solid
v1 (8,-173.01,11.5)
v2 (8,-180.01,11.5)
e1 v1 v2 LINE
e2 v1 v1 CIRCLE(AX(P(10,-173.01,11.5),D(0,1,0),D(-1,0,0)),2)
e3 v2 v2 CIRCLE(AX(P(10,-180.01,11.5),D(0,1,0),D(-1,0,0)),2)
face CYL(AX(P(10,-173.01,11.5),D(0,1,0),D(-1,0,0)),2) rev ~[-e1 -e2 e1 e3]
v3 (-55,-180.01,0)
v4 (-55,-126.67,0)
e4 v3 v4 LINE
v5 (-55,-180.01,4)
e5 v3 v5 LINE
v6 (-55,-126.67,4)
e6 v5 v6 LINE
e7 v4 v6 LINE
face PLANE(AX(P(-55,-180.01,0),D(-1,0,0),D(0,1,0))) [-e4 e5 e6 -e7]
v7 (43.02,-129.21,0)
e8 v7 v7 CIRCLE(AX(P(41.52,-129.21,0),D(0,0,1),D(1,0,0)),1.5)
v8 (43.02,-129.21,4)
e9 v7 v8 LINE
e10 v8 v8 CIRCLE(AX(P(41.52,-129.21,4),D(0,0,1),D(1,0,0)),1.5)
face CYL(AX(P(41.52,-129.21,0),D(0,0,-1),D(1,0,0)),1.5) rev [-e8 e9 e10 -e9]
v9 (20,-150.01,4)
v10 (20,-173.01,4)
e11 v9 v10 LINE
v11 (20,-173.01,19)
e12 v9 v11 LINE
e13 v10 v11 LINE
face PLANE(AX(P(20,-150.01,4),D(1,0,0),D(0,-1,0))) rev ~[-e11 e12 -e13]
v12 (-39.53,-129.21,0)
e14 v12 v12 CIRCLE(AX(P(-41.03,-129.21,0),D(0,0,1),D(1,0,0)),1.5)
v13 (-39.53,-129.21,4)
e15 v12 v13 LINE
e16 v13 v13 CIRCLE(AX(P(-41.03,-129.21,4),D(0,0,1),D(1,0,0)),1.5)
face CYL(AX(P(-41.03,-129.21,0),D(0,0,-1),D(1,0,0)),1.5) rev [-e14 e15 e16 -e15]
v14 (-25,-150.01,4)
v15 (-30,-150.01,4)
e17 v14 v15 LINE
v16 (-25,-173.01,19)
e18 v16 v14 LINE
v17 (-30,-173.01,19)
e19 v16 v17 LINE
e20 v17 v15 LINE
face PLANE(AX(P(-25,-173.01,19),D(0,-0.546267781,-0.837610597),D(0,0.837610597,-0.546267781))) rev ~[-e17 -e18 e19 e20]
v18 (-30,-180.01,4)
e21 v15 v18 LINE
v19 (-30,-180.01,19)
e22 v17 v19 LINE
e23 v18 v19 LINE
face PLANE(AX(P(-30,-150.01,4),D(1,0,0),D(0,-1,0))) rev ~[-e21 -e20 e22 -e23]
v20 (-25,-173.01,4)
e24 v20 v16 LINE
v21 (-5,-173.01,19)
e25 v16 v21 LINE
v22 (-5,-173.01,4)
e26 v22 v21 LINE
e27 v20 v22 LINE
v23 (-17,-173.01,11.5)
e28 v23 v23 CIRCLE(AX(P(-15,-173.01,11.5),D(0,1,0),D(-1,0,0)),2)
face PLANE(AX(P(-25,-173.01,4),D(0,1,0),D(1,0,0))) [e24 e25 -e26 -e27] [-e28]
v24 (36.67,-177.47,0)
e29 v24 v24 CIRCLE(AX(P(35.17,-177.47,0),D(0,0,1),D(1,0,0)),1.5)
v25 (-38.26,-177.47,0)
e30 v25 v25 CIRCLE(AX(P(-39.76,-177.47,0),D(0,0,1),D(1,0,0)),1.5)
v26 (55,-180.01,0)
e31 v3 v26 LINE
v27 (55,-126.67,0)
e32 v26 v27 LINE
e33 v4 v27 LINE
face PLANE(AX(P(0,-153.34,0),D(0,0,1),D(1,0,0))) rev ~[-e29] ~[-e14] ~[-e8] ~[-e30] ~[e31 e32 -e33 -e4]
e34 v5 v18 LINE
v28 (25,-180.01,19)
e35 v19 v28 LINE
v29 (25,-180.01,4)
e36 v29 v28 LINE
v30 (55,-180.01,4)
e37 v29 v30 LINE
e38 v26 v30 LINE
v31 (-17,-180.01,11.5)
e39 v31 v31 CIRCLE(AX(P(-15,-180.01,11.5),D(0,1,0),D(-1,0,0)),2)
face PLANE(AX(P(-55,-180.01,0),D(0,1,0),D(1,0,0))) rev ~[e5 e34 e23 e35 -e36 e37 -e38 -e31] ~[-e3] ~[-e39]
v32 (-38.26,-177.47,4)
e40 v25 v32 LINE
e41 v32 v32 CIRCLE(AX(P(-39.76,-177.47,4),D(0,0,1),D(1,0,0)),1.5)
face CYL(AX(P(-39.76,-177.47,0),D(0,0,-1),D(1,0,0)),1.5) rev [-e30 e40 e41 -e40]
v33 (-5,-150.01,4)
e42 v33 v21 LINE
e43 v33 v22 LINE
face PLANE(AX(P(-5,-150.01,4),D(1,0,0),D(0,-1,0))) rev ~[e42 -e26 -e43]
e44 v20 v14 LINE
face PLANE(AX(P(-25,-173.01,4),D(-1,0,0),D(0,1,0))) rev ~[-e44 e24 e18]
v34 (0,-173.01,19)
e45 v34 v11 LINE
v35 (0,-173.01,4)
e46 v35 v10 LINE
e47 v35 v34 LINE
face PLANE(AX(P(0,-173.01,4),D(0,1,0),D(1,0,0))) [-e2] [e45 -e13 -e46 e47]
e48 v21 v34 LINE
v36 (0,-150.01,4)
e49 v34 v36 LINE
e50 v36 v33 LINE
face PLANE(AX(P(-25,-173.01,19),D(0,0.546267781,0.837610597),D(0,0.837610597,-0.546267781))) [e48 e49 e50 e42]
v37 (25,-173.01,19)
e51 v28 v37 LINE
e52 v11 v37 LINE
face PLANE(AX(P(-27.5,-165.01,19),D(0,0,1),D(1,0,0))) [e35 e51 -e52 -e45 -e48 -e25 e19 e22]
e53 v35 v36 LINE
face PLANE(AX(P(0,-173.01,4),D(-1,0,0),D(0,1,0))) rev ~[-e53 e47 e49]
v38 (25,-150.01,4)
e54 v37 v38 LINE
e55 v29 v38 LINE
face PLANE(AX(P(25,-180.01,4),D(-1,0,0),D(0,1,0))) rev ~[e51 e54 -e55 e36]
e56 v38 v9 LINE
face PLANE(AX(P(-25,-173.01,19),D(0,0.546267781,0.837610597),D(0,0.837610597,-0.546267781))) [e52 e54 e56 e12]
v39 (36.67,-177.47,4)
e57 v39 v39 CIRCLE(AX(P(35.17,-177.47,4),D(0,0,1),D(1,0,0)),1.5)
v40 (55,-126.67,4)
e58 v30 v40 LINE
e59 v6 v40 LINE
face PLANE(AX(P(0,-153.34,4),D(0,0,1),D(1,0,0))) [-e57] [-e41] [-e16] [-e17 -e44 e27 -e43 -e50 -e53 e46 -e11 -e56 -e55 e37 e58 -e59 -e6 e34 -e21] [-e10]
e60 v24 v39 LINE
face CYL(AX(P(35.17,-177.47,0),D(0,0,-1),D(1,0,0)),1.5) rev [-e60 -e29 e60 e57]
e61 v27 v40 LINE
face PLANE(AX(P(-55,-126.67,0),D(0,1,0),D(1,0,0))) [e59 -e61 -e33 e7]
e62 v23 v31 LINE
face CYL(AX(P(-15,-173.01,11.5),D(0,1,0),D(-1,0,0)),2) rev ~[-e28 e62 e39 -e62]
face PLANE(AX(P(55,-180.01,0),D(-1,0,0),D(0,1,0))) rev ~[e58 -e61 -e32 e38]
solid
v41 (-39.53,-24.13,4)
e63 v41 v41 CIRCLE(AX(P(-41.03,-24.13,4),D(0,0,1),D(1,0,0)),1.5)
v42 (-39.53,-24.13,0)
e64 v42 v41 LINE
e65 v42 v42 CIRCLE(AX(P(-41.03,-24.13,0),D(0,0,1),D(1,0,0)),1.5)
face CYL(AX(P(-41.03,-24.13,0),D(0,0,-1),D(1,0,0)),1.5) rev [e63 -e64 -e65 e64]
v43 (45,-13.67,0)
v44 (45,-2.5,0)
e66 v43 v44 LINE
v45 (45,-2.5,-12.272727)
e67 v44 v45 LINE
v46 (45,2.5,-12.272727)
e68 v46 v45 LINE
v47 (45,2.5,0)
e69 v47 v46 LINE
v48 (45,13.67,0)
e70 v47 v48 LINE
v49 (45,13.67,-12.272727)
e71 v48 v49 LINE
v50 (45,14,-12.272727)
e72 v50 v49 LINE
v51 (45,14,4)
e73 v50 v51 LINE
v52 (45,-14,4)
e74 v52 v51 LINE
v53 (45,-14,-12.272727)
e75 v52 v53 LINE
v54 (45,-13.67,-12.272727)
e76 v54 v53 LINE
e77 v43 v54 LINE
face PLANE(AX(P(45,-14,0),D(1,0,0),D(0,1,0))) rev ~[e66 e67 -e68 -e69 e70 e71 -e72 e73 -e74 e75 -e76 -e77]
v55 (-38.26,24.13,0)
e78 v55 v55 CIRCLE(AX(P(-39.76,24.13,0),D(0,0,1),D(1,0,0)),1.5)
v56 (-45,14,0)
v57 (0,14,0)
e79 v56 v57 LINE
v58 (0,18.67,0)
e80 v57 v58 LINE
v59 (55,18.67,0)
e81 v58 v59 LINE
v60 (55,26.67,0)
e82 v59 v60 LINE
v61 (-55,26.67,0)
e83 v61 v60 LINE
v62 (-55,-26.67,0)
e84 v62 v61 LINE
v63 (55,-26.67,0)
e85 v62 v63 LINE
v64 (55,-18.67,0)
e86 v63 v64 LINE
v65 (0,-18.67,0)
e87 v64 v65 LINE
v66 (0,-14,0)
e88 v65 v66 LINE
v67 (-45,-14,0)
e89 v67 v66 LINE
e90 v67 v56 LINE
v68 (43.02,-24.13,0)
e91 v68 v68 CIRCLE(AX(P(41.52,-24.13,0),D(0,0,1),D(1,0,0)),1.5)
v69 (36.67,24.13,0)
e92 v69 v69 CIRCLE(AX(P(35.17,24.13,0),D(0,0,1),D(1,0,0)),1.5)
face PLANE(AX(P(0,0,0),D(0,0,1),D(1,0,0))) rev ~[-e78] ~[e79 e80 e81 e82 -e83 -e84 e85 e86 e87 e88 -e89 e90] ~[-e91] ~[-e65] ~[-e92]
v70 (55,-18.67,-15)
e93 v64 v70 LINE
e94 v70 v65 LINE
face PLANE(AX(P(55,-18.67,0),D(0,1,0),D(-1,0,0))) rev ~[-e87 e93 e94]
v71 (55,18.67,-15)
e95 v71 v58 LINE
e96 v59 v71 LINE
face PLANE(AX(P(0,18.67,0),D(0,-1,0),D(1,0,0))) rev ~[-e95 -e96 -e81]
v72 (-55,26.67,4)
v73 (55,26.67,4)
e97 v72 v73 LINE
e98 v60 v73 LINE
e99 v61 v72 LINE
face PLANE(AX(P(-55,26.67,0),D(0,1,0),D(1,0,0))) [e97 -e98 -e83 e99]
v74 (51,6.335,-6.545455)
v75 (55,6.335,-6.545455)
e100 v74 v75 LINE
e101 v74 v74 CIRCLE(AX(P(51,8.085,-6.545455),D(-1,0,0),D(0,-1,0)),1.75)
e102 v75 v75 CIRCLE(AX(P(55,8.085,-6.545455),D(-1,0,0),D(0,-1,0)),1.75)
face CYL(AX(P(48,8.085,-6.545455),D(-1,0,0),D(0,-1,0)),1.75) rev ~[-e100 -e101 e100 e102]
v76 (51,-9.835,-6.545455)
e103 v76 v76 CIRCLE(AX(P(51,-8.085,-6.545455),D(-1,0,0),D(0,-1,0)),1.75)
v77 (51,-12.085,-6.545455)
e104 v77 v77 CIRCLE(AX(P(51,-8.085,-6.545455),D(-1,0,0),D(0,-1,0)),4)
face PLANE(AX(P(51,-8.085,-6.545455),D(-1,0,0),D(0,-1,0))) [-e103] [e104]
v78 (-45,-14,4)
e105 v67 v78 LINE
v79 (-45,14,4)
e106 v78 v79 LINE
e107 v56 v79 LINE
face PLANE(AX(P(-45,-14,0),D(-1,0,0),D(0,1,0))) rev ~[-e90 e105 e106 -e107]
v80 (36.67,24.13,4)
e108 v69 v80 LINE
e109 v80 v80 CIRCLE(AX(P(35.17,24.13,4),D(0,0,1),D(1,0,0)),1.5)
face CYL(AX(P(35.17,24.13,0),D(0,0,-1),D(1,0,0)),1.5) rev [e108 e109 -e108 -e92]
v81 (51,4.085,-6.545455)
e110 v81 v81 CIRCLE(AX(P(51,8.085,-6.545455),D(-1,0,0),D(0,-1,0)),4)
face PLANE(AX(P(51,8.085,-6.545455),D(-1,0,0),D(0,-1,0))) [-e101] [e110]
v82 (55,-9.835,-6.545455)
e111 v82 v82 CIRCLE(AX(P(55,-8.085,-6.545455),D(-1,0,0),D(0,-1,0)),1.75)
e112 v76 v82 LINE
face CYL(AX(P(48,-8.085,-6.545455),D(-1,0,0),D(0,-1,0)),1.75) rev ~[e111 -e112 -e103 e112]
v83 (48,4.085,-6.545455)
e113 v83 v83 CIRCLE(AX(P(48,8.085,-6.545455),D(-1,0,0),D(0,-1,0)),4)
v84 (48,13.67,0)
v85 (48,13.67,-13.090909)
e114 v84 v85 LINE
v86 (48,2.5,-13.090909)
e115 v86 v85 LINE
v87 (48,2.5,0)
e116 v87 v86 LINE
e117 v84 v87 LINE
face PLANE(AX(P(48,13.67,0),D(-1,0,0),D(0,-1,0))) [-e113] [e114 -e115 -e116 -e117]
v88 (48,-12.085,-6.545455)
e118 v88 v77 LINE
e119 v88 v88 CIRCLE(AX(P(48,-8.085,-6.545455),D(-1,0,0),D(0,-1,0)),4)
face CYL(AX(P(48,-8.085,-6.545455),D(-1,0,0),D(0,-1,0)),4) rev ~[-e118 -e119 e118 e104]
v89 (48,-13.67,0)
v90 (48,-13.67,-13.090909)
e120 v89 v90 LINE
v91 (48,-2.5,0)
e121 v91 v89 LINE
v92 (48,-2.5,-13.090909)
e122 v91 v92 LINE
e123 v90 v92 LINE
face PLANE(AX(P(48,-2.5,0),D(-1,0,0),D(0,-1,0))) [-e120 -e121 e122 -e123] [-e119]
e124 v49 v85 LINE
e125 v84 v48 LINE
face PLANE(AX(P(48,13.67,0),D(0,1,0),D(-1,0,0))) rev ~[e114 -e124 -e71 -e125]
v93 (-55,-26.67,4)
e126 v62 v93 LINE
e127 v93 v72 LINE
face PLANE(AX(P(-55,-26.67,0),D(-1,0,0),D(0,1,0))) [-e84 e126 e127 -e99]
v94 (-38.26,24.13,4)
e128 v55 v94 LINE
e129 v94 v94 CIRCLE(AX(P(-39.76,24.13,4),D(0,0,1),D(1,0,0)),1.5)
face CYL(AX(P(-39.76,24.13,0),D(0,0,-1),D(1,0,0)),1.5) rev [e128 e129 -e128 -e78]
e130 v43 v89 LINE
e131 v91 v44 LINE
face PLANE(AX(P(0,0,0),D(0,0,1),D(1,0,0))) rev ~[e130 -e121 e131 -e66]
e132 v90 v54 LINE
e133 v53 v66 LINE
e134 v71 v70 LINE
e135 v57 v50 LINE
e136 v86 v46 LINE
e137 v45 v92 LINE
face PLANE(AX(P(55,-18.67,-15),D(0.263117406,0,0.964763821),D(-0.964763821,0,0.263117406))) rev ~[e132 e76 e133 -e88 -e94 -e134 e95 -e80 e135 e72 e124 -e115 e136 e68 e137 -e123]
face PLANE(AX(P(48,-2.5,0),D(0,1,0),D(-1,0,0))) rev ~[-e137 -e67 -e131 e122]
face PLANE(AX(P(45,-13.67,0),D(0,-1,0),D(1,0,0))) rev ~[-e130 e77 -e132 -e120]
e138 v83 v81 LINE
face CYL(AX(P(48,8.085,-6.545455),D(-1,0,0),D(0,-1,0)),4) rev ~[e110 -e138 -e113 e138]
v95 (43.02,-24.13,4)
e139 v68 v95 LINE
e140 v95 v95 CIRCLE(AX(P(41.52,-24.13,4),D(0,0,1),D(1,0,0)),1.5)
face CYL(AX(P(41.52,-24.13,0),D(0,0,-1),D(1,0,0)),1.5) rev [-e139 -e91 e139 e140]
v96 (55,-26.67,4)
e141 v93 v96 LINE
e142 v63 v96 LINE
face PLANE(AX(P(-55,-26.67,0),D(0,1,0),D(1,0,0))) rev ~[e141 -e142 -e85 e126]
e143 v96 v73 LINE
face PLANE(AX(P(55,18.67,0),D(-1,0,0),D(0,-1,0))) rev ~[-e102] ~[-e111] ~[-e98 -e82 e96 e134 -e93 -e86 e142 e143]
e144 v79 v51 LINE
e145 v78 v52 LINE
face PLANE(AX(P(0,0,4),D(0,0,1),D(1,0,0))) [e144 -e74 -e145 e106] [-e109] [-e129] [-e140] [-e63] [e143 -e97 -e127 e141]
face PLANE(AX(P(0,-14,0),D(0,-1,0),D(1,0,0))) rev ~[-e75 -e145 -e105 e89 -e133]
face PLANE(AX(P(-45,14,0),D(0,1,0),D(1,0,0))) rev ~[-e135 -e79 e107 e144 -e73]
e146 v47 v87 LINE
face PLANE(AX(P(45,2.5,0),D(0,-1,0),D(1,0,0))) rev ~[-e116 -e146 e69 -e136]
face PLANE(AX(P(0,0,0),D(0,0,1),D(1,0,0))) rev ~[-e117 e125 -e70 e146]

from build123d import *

# Parameters (mm, degrees)
F0_W           = 110
F0_H           = 53.34
F0_R           = 1.5
F0_W_2         = 90
F0_H_2         = 28
F1_DEPTH       = 4
F2_W           = 7
F2_H           = 11.17
F3_DEPTH       = 15
F5_DEPTH       = 60
F6_R           = 1.75
F7_DEPTH       = 8
F8_W           = 20
F8_H           = 7
F9_DEPTH       = 15
F11_DEPTH      = 50
F11_DEPTH_BACK = 25
F12_R          = 2
F13_DEPTH      = 25
F14_R          = 4
F15_DEPTH      = 3


with BuildPart() as f1:
    # F0 (on Top) → F1 (new body)
    with BuildSketch(Plane.XY):
        Rectangle(F0_W, F0_H)
        with Locations((-41.03, -24.13)):
            Circle(F0_R, mode=Mode.SUBTRACT)
        with Locations((-39.76, 24.13)):
            Circle(F0_R, mode=Mode.SUBTRACT)
        Rectangle(F0_W_2, F0_H_2, mode=Mode.SUBTRACT)
        with Locations((41.52, -24.13)):
            Circle(F0_R, mode=Mode.SUBTRACT)
        with Locations((35.17, 24.13)):
            Circle(F0_R, mode=Mode.SUBTRACT)
    extrude(amount=F1_DEPTH)

    # F2 (on face) → F3 (join)
    with BuildSketch(Plane(origin=(0, 0, 0), x_dir=(1, 0, 0), z_dir=(0, 0, -1))):
        Polygon((55, 13.67), (55, 18.67), (0, 18.67), (0, 14), (45, 14), (45, 13.67), (48, 13.67), align=None)
        Polygon((55, -2.5), (55, 2.5), (48, 2.5), (45, 2.5), (45, -2.5), (48, -2.5), align=None)
        Polygon((55, -18.67), (55, -13.67), (48, -13.67), (45, -13.67), (45, -14), (0, -14), (0, -18.67), align=None)
        with Locations((51.5, 8.085)):
            Rectangle(F2_W, F2_H)
        with Locations((51.5, -8.085)):
            Rectangle(F2_W, F2_H)
    extrude(amount=F3_DEPTH)

    # F4 (on face) → F5 (cut)
    with BuildSketch(Plane.XZ.offset(18.67)):
        Polygon((55, -15), (0, 0), (0, -15), align=None)
    extrude(amount=-F5_DEPTH, mode=Mode.SUBTRACT)

    # F6 (on face) → F7 (cut)
    with BuildSketch(Plane(origin=(48, 0, 0), x_dir=(0, -1, 0), z_dir=(-1, 0, 0))):
        with Locations((8.085, -6.5454545455)):
            Circle(F6_R)
        with Locations((-8.085, -6.5454545455)):
            Circle(F6_R)
    extrude(amount=-F7_DEPTH, mode=Mode.SUBTRACT)

    # F14 (on face) → F15 (cut)
    with BuildSketch(Plane(origin=(48, 0, 0), x_dir=(0, -1, 0), z_dir=(-1, 0, 0))):
        with Locations((-8.085, -6.5454545455)):
            Circle(F14_R)
        with Locations((8.085, -6.5454545455)):
            Circle(F14_R)
    extrude(amount=-F15_DEPTH, mode=Mode.SUBTRACT)


with BuildPart() as f1b:
    # F0 (on Top) → F1, piece 2 (new body)
    with BuildSketch(Plane.XY):
        with Locations((0, -153.34)):
            Rectangle(F0_W, F0_H)
        with Locations((-39.76, -177.47)):
            Circle(F0_R, mode=Mode.SUBTRACT)
        with Locations((-41.03, -129.21)):
            Circle(F0_R, mode=Mode.SUBTRACT)
        with Locations((35.17, -177.47)):
            Circle(F0_R, mode=Mode.SUBTRACT)
        with Locations((41.52, -129.21)):
            Circle(F0_R, mode=Mode.SUBTRACT)
    extrude(amount=F1_DEPTH)

    # F8 (on face) → F9 (join)
    with BuildSketch(Plane.XY.offset(4)):
        Polygon((-30, -150.01), (-30, -180.01), (-25, -180.01), (-25, -173.01), (-25, -150.01), align=None)
        Polygon((20, -150.01), (20, -173.01), (20, -180.01), (25, -180.01), (25, -150.01), align=None)
        with Locations((-15, -176.51)):
            Rectangle(F8_W, F8_H)
        Polygon((-5, -173.01), (-5, -180.01), (0, -180.01), (0, -173.01), (0, -150.01), (-5, -150.01), align=None)
        with Locations((10, -176.51)):
            Rectangle(F8_W, F8_H)
    extrude(amount=F9_DEPTH)

    # F10 (on face) → F11 (cut, two sides)
    with BuildSketch(Plane.YZ.offset(-25)) as f11_sk:
        Polygon((-150.01, 19), (-173.01, 19), (-150.01, 4), align=None)
    extrude(amount=F11_DEPTH, mode=Mode.SUBTRACT)
    extrude(f11_sk.sketch, amount=-F11_DEPTH_BACK, mode=Mode.SUBTRACT)

    # F12 (on face) → F13 (cut)
    with BuildSketch(Plane(origin=(0, -173.01, 0), x_dir=(-1, 0, 0), z_dir=(0, 1, 0))):
        with Locations((15, 11.5)):
            Circle(F12_R)
        with Locations((-10, 11.5)):
            Circle(F12_R)
    extrude(amount=-F13_DEPTH, mode=Mode.SUBTRACT)


solid = Compound([f1.part, f1b.part])
